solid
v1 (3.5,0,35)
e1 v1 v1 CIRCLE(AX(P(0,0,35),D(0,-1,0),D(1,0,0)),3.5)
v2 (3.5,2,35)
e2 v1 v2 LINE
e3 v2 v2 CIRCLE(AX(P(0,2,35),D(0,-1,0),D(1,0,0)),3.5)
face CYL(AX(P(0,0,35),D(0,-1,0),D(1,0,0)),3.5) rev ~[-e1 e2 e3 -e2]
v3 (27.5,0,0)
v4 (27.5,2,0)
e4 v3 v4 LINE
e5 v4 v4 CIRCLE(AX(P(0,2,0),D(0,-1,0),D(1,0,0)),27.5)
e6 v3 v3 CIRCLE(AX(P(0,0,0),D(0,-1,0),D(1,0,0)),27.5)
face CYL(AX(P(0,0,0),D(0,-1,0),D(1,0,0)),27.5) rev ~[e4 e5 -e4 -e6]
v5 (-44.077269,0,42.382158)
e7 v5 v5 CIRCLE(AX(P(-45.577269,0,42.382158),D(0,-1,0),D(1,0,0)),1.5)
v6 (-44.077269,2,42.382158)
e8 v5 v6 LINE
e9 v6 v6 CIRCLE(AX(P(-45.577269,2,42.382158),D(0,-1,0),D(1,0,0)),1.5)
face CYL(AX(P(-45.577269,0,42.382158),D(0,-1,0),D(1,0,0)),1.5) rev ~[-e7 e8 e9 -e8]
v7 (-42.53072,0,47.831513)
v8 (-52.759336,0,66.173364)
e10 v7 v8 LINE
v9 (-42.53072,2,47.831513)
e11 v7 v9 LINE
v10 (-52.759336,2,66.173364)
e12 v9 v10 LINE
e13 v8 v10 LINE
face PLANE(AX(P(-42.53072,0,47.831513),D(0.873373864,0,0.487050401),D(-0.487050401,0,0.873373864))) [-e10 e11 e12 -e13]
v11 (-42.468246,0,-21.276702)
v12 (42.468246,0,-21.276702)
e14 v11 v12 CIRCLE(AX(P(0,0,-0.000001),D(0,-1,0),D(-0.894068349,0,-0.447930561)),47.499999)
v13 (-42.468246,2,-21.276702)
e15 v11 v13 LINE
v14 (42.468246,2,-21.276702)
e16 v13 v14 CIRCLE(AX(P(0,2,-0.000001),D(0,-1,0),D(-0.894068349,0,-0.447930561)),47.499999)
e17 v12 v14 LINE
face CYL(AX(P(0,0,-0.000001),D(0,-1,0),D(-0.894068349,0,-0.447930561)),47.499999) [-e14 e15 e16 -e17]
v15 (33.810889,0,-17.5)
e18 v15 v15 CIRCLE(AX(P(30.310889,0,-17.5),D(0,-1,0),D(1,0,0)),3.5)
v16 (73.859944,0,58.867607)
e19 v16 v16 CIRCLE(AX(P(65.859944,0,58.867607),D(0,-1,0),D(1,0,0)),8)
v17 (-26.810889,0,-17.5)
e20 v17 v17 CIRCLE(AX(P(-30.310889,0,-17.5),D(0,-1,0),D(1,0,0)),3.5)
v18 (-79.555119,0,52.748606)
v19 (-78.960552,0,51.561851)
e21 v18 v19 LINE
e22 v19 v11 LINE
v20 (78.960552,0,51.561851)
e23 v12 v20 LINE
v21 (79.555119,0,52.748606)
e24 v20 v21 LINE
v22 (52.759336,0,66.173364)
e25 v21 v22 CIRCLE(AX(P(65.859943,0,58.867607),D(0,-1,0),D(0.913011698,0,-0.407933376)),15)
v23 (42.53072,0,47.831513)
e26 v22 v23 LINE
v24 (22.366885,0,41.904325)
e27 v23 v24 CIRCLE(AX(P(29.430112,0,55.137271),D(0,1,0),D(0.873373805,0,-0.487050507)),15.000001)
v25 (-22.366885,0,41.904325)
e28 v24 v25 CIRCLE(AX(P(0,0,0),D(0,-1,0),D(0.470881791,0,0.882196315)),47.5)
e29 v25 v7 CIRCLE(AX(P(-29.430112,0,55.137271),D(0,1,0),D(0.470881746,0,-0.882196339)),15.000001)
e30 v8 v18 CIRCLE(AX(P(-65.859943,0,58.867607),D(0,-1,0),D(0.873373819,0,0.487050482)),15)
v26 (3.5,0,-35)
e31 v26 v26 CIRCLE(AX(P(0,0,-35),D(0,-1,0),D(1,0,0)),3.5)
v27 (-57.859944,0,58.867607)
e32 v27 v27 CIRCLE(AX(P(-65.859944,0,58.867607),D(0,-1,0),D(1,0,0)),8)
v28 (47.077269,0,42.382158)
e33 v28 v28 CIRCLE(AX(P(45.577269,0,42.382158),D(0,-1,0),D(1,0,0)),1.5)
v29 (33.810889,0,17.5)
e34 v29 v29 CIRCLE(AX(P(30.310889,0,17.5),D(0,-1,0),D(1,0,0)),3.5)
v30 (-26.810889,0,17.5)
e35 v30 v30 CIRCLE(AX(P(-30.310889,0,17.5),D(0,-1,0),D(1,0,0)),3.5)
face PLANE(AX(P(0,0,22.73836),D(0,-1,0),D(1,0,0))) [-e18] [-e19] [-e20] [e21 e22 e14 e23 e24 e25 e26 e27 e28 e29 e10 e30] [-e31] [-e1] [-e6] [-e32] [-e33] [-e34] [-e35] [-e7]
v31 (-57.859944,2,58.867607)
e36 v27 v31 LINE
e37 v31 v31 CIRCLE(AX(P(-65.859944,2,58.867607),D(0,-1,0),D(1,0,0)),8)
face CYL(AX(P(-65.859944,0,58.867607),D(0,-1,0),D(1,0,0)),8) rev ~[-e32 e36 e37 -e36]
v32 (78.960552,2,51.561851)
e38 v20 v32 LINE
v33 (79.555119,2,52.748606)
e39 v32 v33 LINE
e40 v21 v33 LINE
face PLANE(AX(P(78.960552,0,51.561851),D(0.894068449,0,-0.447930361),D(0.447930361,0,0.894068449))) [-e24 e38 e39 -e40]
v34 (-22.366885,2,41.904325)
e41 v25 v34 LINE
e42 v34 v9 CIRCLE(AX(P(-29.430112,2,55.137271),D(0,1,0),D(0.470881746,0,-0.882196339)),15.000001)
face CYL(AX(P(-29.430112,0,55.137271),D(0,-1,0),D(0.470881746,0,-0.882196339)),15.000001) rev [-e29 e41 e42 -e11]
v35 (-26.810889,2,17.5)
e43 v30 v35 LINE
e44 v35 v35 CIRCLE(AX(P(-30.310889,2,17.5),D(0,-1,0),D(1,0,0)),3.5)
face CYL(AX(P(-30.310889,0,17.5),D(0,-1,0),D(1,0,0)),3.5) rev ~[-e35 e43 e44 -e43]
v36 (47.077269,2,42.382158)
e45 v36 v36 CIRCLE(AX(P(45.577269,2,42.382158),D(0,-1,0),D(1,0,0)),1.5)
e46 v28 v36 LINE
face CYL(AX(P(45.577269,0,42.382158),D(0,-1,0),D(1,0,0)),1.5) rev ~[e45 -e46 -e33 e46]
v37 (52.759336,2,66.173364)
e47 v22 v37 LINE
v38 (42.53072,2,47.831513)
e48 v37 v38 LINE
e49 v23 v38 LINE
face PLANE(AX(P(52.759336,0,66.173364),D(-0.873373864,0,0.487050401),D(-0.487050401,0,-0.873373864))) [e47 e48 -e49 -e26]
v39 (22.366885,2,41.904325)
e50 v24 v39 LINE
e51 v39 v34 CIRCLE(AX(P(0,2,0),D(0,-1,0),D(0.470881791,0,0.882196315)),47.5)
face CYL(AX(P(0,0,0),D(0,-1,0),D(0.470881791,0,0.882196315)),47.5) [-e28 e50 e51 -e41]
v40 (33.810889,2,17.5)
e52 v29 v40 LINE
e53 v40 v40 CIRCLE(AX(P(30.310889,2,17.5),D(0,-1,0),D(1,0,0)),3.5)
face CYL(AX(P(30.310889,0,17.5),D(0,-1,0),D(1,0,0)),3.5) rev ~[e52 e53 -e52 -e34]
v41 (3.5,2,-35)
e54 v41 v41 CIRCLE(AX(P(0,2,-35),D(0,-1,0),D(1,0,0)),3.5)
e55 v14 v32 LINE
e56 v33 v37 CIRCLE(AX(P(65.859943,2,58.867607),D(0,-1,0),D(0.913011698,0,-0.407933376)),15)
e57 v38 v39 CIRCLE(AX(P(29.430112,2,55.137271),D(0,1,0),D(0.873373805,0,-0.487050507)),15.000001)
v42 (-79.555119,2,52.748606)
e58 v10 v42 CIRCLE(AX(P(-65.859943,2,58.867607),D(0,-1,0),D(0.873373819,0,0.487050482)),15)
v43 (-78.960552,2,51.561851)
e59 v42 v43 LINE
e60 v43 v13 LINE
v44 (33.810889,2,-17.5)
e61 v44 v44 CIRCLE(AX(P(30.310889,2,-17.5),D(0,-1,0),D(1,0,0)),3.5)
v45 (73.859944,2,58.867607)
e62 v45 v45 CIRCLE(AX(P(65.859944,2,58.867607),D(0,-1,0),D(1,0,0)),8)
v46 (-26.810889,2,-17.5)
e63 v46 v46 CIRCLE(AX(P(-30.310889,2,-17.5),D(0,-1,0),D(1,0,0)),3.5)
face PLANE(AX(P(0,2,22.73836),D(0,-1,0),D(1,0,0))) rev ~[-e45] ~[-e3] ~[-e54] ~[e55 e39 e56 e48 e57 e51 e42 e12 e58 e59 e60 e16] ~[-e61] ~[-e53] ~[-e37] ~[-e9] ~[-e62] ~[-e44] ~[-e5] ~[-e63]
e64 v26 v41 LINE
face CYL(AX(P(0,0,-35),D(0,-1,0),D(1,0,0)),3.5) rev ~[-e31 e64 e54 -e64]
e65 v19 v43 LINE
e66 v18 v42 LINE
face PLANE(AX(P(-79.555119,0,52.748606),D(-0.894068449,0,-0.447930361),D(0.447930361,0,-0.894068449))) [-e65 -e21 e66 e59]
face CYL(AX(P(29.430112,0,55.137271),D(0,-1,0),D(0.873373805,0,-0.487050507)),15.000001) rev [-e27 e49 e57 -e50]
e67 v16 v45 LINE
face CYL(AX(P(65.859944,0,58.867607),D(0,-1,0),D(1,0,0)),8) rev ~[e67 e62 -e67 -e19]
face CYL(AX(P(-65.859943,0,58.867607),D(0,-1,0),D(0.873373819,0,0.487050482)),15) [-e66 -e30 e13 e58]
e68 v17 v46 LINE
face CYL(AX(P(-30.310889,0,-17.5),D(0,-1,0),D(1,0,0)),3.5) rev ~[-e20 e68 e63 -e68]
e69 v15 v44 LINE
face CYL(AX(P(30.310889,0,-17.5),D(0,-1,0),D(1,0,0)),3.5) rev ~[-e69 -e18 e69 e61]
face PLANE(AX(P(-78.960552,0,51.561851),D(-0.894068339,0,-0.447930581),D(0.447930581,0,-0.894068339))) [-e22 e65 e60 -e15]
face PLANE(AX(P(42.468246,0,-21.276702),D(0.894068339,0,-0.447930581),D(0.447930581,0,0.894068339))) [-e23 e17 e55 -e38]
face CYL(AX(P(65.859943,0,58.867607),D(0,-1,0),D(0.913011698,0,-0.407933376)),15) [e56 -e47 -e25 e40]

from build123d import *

# Parameters (mm, degrees)
F2_R     = 3.5
F2_R_2   = 27.5
F2_R_3   = 1.5
F2_R_4   = 8
F3_DEPTH = 2


with BuildPart() as f3:
    # F2 (on Front) → F3 (new body)
    with BuildSketch(Plane.XZ):
        with BuildLine():
            Line((-42.53072, 47.831513), (-52.759336, 66.173364))
            ThreePointArc((-52.759336, 66.173364), (-72.578902, 72.278632), (-79.555119, 52.748606))
            Line((-79.555119, 52.748606), (-78.960552, 51.561851))
            Line((-78.960552, 51.561851), (-42.468246, -21.276702))
            ThreePointArc((-42.468246, -21.276702), (0, -47.5), (42.468246, -21.276702))
            Line((42.468246, -21.276702), (78.960552, 51.561851))
            Line((78.960552, 51.561851), (79.555119, 52.748606))
            ThreePointArc((79.555119, 52.748606), (72.578902, 72.278632), (52.759336, 66.173364))
            Line((52.759336, 66.173364), (42.53072, 47.831513))
            ThreePointArc((42.53072, 47.831513), (33.660405, 40.74614), (22.366885, 41.904325))
            ThreePointArc((22.366885, 41.904325), (0, 47.5), (-22.366885, 41.904325))
            ThreePointArc((-22.366885, 41.904325), (-33.660405, 40.74614), (-42.53072, 47.831513))
        make_face()
        with Locations((-30.310889, -17.5)):
            Circle(F2_R, mode=Mode.SUBTRACT)
        with Locations((0, -35)):
            Circle(F2_R, mode=Mode.SUBTRACT)
        with Locations((30.310889, -17.5)):
            Circle(F2_R, mode=Mode.SUBTRACT)
        Circle(F2_R_2, mode=Mode.SUBTRACT)
        with Locations((-45.577269, 42.382158)):
            Circle(F2_R_3, mode=Mode.SUBTRACT)
        with Locations((-30.310889, 17.5)):
            Circle(F2_R, mode=Mode.SUBTRACT)
        with Locations((-65.859944, 58.867607)):
            Circle(F2_R_4, mode=Mode.SUBTRACT)
        with Locations((30.310889, 17.5)):
            Circle(F2_R, mode=Mode.SUBTRACT)
        with Locations((0, 35)):
            Circle(F2_R, mode=Mode.SUBTRACT)
        with Locations((45.577269, 42.382158)):
            Circle(F2_R_3, mode=Mode.SUBTRACT)
        with Locations((65.859944, 58.867607)):
            Circle(F2_R_4, mode=Mode.SUBTRACT)
    extrude(amount=-F3_DEPTH)


solid = f3.part
